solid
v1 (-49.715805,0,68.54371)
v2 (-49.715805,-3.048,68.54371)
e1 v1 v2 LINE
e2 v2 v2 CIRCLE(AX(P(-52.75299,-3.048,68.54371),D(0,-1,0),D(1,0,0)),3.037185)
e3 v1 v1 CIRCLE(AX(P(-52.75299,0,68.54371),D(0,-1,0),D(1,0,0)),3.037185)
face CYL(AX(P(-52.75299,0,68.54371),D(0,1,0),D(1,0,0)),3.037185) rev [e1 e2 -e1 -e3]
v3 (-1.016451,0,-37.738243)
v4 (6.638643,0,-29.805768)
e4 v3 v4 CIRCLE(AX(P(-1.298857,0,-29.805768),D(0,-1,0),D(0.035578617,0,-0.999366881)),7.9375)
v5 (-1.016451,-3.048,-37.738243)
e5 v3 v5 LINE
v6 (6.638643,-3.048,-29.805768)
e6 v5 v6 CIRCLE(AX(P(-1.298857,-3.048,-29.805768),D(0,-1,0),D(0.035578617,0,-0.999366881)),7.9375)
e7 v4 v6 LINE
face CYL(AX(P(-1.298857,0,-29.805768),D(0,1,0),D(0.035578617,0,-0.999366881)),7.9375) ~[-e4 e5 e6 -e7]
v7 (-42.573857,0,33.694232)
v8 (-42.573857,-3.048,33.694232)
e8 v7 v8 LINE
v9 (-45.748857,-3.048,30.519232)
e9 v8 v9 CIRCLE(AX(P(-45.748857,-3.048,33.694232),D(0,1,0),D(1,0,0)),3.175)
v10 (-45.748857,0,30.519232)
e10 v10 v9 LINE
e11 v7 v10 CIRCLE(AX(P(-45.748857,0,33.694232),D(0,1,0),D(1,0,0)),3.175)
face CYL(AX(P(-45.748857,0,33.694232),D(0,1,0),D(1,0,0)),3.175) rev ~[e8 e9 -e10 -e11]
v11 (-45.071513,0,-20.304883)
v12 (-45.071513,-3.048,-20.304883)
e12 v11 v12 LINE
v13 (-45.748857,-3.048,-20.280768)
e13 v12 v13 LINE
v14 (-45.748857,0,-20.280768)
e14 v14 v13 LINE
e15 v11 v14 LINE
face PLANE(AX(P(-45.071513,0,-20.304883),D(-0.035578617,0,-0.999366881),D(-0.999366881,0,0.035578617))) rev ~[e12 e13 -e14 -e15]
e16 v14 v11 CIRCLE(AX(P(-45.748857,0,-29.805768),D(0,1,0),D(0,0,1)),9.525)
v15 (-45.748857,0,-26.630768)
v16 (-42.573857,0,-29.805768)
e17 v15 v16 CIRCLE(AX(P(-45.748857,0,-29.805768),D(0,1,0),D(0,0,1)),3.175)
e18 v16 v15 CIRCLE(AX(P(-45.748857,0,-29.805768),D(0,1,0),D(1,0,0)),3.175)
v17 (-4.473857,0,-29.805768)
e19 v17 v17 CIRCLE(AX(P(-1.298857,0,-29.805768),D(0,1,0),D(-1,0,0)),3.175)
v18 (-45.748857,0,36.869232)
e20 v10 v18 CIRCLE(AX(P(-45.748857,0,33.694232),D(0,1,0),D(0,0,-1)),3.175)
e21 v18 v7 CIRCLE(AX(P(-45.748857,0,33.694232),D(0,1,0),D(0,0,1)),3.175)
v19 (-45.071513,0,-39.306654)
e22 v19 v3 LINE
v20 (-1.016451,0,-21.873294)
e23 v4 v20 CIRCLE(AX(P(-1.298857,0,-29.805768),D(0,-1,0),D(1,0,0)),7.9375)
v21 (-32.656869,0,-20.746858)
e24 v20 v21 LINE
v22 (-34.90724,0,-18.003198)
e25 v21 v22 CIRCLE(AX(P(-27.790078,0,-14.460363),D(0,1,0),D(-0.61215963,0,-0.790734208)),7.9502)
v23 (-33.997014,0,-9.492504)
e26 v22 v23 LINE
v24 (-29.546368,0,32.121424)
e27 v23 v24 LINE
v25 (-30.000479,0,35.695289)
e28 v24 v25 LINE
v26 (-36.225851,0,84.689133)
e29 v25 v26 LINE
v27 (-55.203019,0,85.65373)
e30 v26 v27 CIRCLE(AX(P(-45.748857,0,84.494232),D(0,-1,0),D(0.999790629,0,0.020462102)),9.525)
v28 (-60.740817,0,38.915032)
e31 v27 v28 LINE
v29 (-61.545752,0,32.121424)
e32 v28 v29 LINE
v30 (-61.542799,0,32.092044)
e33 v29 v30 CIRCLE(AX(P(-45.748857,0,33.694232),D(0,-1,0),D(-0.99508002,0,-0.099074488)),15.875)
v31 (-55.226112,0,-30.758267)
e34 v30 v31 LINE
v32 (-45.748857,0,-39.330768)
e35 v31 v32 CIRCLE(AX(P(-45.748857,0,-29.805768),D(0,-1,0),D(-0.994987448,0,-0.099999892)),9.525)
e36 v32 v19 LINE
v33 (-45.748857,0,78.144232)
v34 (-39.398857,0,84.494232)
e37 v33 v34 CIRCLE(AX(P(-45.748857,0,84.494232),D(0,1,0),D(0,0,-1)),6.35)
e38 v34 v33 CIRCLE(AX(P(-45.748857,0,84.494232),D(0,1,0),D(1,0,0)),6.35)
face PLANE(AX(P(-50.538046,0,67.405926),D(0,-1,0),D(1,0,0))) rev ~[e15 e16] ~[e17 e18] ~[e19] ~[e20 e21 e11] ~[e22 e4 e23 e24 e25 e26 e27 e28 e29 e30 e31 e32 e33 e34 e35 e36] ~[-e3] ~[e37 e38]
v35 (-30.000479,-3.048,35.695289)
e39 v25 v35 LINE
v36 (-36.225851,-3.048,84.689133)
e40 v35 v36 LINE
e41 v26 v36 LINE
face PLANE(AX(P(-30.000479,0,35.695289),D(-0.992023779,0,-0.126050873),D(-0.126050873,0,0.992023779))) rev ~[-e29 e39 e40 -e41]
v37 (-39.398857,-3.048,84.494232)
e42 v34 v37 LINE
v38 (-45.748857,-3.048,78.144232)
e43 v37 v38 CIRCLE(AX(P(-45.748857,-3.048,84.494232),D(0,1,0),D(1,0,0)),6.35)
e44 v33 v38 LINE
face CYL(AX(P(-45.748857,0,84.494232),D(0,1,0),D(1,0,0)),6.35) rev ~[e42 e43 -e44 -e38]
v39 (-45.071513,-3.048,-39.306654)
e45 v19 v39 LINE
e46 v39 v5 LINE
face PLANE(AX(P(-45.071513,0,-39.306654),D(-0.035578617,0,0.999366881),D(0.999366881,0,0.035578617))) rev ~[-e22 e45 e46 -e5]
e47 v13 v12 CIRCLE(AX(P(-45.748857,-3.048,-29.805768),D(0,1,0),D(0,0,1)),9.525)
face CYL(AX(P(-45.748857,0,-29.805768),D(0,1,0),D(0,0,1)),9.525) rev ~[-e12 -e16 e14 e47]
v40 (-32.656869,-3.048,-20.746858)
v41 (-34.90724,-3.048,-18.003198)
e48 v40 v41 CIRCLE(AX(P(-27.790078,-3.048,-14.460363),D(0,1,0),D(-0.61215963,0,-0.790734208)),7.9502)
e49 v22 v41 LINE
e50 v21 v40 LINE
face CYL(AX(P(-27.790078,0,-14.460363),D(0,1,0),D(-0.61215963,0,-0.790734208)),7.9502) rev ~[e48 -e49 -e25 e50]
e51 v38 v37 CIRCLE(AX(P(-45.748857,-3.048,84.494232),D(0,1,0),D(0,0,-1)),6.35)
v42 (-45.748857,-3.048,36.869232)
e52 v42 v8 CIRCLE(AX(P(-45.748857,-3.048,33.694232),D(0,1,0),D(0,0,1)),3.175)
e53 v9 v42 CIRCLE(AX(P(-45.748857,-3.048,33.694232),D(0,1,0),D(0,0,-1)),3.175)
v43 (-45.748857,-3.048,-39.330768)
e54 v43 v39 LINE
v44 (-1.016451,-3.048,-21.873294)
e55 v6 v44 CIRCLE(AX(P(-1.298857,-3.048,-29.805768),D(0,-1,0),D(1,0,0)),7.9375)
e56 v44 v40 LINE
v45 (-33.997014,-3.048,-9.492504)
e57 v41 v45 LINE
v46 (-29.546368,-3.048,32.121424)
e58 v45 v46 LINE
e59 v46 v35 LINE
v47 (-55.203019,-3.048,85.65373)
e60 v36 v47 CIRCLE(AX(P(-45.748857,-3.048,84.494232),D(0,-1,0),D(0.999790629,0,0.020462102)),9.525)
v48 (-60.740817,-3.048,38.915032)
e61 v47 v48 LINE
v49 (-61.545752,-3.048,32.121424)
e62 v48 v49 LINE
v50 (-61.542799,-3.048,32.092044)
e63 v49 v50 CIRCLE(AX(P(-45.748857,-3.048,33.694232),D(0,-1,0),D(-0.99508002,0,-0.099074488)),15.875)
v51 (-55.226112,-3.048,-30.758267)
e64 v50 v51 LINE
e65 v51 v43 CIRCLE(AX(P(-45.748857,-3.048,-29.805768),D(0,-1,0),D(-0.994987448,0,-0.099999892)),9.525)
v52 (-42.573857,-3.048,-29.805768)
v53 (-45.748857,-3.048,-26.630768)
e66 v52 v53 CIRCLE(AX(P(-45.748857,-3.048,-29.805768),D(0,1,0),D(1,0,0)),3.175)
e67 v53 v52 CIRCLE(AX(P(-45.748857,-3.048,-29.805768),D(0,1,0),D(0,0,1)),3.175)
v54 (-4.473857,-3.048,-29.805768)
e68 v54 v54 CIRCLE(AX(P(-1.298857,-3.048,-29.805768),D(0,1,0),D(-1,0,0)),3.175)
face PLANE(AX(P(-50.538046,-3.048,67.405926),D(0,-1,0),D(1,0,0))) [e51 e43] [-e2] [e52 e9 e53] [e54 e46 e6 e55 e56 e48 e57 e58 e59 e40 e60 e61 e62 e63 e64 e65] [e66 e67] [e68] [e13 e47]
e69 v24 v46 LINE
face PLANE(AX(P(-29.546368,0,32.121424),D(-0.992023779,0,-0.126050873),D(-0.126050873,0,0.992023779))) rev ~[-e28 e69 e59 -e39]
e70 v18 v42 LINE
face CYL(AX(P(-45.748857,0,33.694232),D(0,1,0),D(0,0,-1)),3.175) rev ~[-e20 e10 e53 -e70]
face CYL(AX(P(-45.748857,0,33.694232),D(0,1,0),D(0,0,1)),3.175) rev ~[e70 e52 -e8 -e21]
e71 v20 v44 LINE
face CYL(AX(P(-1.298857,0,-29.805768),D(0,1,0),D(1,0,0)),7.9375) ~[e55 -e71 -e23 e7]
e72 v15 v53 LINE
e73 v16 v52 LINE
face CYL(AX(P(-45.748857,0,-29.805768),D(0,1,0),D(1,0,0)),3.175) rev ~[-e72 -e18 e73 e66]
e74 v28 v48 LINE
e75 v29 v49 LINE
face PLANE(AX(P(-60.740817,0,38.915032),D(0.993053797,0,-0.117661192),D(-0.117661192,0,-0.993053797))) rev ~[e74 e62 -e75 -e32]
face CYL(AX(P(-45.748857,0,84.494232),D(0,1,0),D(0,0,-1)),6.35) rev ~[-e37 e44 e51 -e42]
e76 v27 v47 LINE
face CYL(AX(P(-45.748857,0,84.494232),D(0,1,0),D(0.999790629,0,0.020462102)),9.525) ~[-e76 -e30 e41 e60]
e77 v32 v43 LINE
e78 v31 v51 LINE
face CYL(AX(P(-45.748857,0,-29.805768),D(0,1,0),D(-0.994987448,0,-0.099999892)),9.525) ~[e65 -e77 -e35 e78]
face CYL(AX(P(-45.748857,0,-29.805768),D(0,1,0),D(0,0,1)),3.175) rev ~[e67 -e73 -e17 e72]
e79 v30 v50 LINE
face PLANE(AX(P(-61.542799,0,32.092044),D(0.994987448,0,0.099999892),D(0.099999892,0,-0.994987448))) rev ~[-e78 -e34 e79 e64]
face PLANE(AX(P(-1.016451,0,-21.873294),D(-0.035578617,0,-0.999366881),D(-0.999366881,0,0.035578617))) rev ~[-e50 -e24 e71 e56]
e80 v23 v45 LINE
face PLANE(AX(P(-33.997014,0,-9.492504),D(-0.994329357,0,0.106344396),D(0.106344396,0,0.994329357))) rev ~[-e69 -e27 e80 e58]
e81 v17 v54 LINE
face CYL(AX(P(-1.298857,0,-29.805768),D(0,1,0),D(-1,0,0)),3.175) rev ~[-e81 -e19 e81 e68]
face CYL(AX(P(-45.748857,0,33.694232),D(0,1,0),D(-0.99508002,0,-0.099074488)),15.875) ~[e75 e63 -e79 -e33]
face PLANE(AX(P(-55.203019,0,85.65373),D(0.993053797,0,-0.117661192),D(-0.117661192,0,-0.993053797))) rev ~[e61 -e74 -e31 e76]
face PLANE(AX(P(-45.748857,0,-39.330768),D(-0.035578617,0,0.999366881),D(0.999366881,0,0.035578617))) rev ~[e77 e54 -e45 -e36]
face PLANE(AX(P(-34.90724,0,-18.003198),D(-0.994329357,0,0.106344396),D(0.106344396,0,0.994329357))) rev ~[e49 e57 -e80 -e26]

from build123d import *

# Parameters (mm, degrees)
F0_R     = 3.0371849449
F1_DEPTH = 3.048


with BuildPart() as f1:
    # F0 (on Front) → F1 (new body)
    with BuildSketch(Plane.XZ):
        with BuildLine():
            Line((-45.7488566027, 49.5692316997), (-45.7488566027, 74.9692316997))
            ThreePointArc((-45.7488566027, 74.9692316997), (-39.0136645119, 77.7590396089), (-36.2238566027, 84.4942316997))
            ThreePointArc((-36.2238566027, 84.4942316997), (-36.2243551798, 84.5916875621), (-36.2258508589, 84.689133222))
            ThreePointArc((-36.2258508589, 84.689133222), (-45.2653316732, 94.0069510083), (-55.2030191659, 85.6537295345))
            Line((-55.2030191659, 85.6537295345), (-60.7408166489, 38.9150323061))
            ThreePointArc((-60.7408166489, 38.9150323061), (-54.9449268333, 46.6343985191), (-45.7488566027, 49.5692316997))
        make_face()
        with Locations((-52.7529902756, 68.5437098145)):
            Circle(F0_R, mode=Mode.SUBTRACT)
        with BuildLine():
            ThreePointArc((-39.3988566027, 84.4942316997), (-41.2587285422, 80.0041036392), (-45.7488566027, 78.1442316997))
            ThreePointArc((-45.7488566027, 78.1442316997), (-50.2389846632, 88.9843597603), (-39.3988566027, 84.4942316997))
        make_face(mode=Mode.SUBTRACT)
        with BuildLine():
            ThreePointArc((-36.2238566027, 84.4942316997), (-39.0136645119, 77.7590396089), (-45.7488566027, 74.9692316997))
            Line((-45.7488566027, 74.9692316997), (-45.7488566027, 49.5692316997))
            ThreePointArc((-45.7488566027, 49.5692316997), (-35.2548384004, 45.6060412587), (-30.0004791117, 35.6952892707))
            Line((-30.0004791117, 35.6952892707), (-36.2258508589, 84.689133222))
            ThreePointArc((-36.2258508589, 84.689133222), (-36.2243551798, 84.5916875621), (-36.2238566027, 84.4942316997))
        make_face()
        with BuildLine():
            Line((-60.7408166489, 38.9150323061), (-61.5457519178, 32.1214242091))
            ThreePointArc((-61.5457519178, 32.1214242091), (-56.4036045135, 21.9259704876), (-45.7488566027, 17.8192316997))
            Line((-45.7488566027, 17.8192316997), (-45.7488566027, 30.5192316997))
            ThreePointArc((-45.7488566027, 30.5192316997), (-48.9238566027, 33.6942316997), (-45.7488566027, 36.8692316997))
            Line((-45.7488566027, 36.8692316997), (-45.7488566027, 49.5692316997))
            ThreePointArc((-45.7488566027, 49.5692316997), (-54.9449268333, 46.6343985191), (-60.7408166489, 38.9150323061))
        make_face()
        with BuildLine():
            ThreePointArc((-30.0004791117, 35.6952892707), (-35.2548384004, 45.6060412587), (-45.7488566027, 49.5692316997))
            Line((-45.7488566027, 49.5692316997), (-45.7488566027, 36.8692316997))
            ThreePointArc((-45.7488566027, 36.8692316997), (-43.5037925724, 35.93929573), (-42.5738566027, 33.6942316997))
            ThreePointArc((-42.5738566027, 33.6942316997), (-43.5037925724, 31.4491676695), (-45.7488566027, 30.5192316997))
            Line((-45.7488566027, 30.5192316997), (-45.7488566027, 17.8192316997))
            ThreePointArc((-45.7488566027, 17.8192316997), (-34.5235364514, 22.4689115484), (-29.8738566027, 33.6942316997))
            ThreePointArc((-29.8738566027, 33.6942316997), (-29.9055438546, 34.6967615823), (-30.0004791117, 35.6952892707))
        make_face()
        with BuildLine():
            Line((-29.5463682115, 32.1214242091), (-30.0004791117, 35.6952892707))
            ThreePointArc((-30.0004791117, 35.6952892707), (-29.9055438546, 34.6967615823), (-29.8738566027, 33.6942316997))
            ThreePointArc((-29.8738566027, 33.6942316997), (-34.5235364514, 22.4689115484), (-45.7488566027, 17.8192316997))
            Line((-45.7488566027, 17.8192316997), (-45.7488566027, -20.2807683003))
            ThreePointArc((-45.7488566027, -20.2807683003), (-45.4099702732, -20.2867987628), (-45.0715130548, -20.3048825143))
            Line((-45.0715130548, -20.3048825143), (-35.19102832, -20.6566392031))
            Line((-35.19102832, -20.6566392031), (-34.9072404386, -18.003197806))
            ThreePointArc((-34.9072404386, -18.003197806), (-35.6951951763, -13.6149038804), (-33.9970143175, -9.4925043344))
            Line((-33.9970143175, -9.4925043344), (-29.5463682115, 32.1214242091))
        make_face()
        with BuildLine():
            ThreePointArc((-45.7488566027, 17.8192316997), (-56.4036045135, 21.9259704876), (-61.5457519178, 32.1214242091))
            Line((-61.5457519178, 32.1214242091), (-55.2261120446, -30.7582672704))
            ThreePointArc((-55.2261120446, -30.7582672704), (-52.8127853145, -23.4162036708), (-45.7488566027, -20.2807683003))
            Line((-45.7488566027, -20.2807683003), (-45.7488566027, 17.8192316997))
        make_face()
        with BuildLine():
            ThreePointArc((-36.2238566027, -29.8057683003), (-38.7782998712, -36.2970673885), (-45.0715130548, -39.3066540862))
            Line((-45.0715130548, -39.3066540862), (-1.0164513281, -37.7382429148))
            ThreePointArc((-1.0164513281, -37.7382429148), (-6.8107670874, -35.5174010842), (-9.2363566027, -29.8057683003))
            Line((-9.2363566027, -29.8057683003), (-36.1695356904, -29.8057683003))
            Line((-36.1695356904, -29.8057683003), (-36.2238566027, -29.8057683003))
        make_face()
        with BuildLine():
            Line((-32.6568694167, -20.7468581922), (-35.19102832, -20.6566392031))
            Line((-35.19102832, -20.6566392031), (-36.1695356904, -29.8057683003))
            Line((-36.1695356904, -29.8057683003), (-9.2363566027, -29.8057683003))
            ThreePointArc((-9.2363566027, -29.8057683003), (-6.8107670874, -24.0941355163), (-1.0164513281, -21.8732936857))
            Line((-1.0164513281, -21.8732936857), (-23.3826539654, -21.077030993))
            ThreePointArc((-23.3826539654, -21.077030993), (-28.0729350479, -22.4055296683), (-32.6568694167, -20.7468581922))
        make_face()
        with BuildLine():
            Line((-35.19102832, -20.6566392031), (-45.0715130548, -20.3048825143))
            ThreePointArc((-45.0715130548, -20.3048825143), (-38.7782998712, -23.314469212), (-36.2238566027, -29.8057683003))
            Line((-36.2238566027, -29.8057683003), (-36.1695356904, -29.8057683003))
            Line((-36.1695356904, -29.8057683003), (-35.19102832, -20.6566392031))
        make_face()
        with BuildLine():
            Line((-45.0715130548, -20.3048825143), (-45.7488566027, -20.2807683003))
            Line((-45.7488566027, -20.2807683003), (-45.7488566027, -26.6307683003))
            ThreePointArc((-45.7488566027, -26.6307683003), (-43.5037925724, -27.56070427), (-42.5738566027, -29.8057683003))
            Line((-42.5738566027, -29.8057683003), (-36.2238566027, -29.8057683003))
            ThreePointArc((-36.2238566027, -29.8057683003), (-38.7782998712, -23.314469212), (-45.0715130548, -20.3048825143))
        make_face()
        with BuildLine():
            ThreePointArc((-45.7488566027, -20.2807683003), (-52.8127853145, -23.4162036708), (-55.2261120446, -30.7582672704))
            ThreePointArc((-55.2261120446, -30.7582672704), (-52.1384212322, -36.8696970121), (-45.7488566027, -39.3307683003))
            Line((-45.7488566027, -39.3307683003), (-45.0715130548, -39.3066540862))
            ThreePointArc((-45.0715130548, -39.3066540862), (-38.7782998712, -36.2970673885), (-36.2238566027, -29.8057683003))
            Line((-36.2238566027, -29.8057683003), (-42.5738566027, -29.8057683003))
            ThreePointArc((-42.5738566027, -29.8057683003), (-47.993920633, -32.0508323305), (-45.7488566027, -26.6307683003))
            Line((-45.7488566027, -26.6307683003), (-45.7488566027, -20.2807683003))
        make_face()
        with BuildLine():
            ThreePointArc((-9.2363566027, -29.8057683003), (-6.8107670874, -35.5174010842), (-1.0164513281, -37.7382429148))
            ThreePointArc((-1.0164513281, -37.7382429148), (4.4127761812, -35.317678785), (6.6386433973, -29.8057683003))
            ThreePointArc((6.6386433973, -29.8057683003), (4.4127761812, -24.2938578155), (-1.0164513281, -21.8732936857))
            ThreePointArc((-1.0164513281, -21.8732936857), (-6.8107670874, -24.0941355163), (-9.2363566027, -29.8057683003))
        make_face()
        with BuildLine():
            ThreePointArc((1.8761433973, -29.8057683003), (-1.2988566027, -32.9807683003), (-4.4738566027, -29.8057683003))
            ThreePointArc((-4.4738566027, -29.8057683003), (-1.2988566027, -26.6307683003), (1.8761433973, -29.8057683003))
        make_face(mode=Mode.SUBTRACT)
        with BuildLine():
            ThreePointArc((-32.6568694167, -20.7468581922), (-33.9370858539, -19.5021855386), (-34.9072404386, -18.003197806))
            Line((-34.9072404386, -18.003197806), (-35.19102832, -20.6566392031))
            Line((-35.19102832, -20.6566392031), (-32.6568694167, -20.7468581922))
        make_face()
        with BuildLine():
            Line((-34.9072404386, -18.003197806), (-33.9970143175, -9.4925043344))
            ThreePointArc((-33.9970143175, -9.4925043344), (-35.6951951763, -13.6149038804), (-34.9072404386, -18.003197806))
        make_face()
        with BuildLine():
            Line((-23.3826539654, -21.077030993), (-32.6568694167, -20.7468581922))
            ThreePointArc((-32.6568694167, -20.7468581922), (-28.0729350479, -22.4055296683), (-23.3826539654, -21.077030993))
        make_face()
    extrude(amount=F1_DEPTH)


solid = f1.part
